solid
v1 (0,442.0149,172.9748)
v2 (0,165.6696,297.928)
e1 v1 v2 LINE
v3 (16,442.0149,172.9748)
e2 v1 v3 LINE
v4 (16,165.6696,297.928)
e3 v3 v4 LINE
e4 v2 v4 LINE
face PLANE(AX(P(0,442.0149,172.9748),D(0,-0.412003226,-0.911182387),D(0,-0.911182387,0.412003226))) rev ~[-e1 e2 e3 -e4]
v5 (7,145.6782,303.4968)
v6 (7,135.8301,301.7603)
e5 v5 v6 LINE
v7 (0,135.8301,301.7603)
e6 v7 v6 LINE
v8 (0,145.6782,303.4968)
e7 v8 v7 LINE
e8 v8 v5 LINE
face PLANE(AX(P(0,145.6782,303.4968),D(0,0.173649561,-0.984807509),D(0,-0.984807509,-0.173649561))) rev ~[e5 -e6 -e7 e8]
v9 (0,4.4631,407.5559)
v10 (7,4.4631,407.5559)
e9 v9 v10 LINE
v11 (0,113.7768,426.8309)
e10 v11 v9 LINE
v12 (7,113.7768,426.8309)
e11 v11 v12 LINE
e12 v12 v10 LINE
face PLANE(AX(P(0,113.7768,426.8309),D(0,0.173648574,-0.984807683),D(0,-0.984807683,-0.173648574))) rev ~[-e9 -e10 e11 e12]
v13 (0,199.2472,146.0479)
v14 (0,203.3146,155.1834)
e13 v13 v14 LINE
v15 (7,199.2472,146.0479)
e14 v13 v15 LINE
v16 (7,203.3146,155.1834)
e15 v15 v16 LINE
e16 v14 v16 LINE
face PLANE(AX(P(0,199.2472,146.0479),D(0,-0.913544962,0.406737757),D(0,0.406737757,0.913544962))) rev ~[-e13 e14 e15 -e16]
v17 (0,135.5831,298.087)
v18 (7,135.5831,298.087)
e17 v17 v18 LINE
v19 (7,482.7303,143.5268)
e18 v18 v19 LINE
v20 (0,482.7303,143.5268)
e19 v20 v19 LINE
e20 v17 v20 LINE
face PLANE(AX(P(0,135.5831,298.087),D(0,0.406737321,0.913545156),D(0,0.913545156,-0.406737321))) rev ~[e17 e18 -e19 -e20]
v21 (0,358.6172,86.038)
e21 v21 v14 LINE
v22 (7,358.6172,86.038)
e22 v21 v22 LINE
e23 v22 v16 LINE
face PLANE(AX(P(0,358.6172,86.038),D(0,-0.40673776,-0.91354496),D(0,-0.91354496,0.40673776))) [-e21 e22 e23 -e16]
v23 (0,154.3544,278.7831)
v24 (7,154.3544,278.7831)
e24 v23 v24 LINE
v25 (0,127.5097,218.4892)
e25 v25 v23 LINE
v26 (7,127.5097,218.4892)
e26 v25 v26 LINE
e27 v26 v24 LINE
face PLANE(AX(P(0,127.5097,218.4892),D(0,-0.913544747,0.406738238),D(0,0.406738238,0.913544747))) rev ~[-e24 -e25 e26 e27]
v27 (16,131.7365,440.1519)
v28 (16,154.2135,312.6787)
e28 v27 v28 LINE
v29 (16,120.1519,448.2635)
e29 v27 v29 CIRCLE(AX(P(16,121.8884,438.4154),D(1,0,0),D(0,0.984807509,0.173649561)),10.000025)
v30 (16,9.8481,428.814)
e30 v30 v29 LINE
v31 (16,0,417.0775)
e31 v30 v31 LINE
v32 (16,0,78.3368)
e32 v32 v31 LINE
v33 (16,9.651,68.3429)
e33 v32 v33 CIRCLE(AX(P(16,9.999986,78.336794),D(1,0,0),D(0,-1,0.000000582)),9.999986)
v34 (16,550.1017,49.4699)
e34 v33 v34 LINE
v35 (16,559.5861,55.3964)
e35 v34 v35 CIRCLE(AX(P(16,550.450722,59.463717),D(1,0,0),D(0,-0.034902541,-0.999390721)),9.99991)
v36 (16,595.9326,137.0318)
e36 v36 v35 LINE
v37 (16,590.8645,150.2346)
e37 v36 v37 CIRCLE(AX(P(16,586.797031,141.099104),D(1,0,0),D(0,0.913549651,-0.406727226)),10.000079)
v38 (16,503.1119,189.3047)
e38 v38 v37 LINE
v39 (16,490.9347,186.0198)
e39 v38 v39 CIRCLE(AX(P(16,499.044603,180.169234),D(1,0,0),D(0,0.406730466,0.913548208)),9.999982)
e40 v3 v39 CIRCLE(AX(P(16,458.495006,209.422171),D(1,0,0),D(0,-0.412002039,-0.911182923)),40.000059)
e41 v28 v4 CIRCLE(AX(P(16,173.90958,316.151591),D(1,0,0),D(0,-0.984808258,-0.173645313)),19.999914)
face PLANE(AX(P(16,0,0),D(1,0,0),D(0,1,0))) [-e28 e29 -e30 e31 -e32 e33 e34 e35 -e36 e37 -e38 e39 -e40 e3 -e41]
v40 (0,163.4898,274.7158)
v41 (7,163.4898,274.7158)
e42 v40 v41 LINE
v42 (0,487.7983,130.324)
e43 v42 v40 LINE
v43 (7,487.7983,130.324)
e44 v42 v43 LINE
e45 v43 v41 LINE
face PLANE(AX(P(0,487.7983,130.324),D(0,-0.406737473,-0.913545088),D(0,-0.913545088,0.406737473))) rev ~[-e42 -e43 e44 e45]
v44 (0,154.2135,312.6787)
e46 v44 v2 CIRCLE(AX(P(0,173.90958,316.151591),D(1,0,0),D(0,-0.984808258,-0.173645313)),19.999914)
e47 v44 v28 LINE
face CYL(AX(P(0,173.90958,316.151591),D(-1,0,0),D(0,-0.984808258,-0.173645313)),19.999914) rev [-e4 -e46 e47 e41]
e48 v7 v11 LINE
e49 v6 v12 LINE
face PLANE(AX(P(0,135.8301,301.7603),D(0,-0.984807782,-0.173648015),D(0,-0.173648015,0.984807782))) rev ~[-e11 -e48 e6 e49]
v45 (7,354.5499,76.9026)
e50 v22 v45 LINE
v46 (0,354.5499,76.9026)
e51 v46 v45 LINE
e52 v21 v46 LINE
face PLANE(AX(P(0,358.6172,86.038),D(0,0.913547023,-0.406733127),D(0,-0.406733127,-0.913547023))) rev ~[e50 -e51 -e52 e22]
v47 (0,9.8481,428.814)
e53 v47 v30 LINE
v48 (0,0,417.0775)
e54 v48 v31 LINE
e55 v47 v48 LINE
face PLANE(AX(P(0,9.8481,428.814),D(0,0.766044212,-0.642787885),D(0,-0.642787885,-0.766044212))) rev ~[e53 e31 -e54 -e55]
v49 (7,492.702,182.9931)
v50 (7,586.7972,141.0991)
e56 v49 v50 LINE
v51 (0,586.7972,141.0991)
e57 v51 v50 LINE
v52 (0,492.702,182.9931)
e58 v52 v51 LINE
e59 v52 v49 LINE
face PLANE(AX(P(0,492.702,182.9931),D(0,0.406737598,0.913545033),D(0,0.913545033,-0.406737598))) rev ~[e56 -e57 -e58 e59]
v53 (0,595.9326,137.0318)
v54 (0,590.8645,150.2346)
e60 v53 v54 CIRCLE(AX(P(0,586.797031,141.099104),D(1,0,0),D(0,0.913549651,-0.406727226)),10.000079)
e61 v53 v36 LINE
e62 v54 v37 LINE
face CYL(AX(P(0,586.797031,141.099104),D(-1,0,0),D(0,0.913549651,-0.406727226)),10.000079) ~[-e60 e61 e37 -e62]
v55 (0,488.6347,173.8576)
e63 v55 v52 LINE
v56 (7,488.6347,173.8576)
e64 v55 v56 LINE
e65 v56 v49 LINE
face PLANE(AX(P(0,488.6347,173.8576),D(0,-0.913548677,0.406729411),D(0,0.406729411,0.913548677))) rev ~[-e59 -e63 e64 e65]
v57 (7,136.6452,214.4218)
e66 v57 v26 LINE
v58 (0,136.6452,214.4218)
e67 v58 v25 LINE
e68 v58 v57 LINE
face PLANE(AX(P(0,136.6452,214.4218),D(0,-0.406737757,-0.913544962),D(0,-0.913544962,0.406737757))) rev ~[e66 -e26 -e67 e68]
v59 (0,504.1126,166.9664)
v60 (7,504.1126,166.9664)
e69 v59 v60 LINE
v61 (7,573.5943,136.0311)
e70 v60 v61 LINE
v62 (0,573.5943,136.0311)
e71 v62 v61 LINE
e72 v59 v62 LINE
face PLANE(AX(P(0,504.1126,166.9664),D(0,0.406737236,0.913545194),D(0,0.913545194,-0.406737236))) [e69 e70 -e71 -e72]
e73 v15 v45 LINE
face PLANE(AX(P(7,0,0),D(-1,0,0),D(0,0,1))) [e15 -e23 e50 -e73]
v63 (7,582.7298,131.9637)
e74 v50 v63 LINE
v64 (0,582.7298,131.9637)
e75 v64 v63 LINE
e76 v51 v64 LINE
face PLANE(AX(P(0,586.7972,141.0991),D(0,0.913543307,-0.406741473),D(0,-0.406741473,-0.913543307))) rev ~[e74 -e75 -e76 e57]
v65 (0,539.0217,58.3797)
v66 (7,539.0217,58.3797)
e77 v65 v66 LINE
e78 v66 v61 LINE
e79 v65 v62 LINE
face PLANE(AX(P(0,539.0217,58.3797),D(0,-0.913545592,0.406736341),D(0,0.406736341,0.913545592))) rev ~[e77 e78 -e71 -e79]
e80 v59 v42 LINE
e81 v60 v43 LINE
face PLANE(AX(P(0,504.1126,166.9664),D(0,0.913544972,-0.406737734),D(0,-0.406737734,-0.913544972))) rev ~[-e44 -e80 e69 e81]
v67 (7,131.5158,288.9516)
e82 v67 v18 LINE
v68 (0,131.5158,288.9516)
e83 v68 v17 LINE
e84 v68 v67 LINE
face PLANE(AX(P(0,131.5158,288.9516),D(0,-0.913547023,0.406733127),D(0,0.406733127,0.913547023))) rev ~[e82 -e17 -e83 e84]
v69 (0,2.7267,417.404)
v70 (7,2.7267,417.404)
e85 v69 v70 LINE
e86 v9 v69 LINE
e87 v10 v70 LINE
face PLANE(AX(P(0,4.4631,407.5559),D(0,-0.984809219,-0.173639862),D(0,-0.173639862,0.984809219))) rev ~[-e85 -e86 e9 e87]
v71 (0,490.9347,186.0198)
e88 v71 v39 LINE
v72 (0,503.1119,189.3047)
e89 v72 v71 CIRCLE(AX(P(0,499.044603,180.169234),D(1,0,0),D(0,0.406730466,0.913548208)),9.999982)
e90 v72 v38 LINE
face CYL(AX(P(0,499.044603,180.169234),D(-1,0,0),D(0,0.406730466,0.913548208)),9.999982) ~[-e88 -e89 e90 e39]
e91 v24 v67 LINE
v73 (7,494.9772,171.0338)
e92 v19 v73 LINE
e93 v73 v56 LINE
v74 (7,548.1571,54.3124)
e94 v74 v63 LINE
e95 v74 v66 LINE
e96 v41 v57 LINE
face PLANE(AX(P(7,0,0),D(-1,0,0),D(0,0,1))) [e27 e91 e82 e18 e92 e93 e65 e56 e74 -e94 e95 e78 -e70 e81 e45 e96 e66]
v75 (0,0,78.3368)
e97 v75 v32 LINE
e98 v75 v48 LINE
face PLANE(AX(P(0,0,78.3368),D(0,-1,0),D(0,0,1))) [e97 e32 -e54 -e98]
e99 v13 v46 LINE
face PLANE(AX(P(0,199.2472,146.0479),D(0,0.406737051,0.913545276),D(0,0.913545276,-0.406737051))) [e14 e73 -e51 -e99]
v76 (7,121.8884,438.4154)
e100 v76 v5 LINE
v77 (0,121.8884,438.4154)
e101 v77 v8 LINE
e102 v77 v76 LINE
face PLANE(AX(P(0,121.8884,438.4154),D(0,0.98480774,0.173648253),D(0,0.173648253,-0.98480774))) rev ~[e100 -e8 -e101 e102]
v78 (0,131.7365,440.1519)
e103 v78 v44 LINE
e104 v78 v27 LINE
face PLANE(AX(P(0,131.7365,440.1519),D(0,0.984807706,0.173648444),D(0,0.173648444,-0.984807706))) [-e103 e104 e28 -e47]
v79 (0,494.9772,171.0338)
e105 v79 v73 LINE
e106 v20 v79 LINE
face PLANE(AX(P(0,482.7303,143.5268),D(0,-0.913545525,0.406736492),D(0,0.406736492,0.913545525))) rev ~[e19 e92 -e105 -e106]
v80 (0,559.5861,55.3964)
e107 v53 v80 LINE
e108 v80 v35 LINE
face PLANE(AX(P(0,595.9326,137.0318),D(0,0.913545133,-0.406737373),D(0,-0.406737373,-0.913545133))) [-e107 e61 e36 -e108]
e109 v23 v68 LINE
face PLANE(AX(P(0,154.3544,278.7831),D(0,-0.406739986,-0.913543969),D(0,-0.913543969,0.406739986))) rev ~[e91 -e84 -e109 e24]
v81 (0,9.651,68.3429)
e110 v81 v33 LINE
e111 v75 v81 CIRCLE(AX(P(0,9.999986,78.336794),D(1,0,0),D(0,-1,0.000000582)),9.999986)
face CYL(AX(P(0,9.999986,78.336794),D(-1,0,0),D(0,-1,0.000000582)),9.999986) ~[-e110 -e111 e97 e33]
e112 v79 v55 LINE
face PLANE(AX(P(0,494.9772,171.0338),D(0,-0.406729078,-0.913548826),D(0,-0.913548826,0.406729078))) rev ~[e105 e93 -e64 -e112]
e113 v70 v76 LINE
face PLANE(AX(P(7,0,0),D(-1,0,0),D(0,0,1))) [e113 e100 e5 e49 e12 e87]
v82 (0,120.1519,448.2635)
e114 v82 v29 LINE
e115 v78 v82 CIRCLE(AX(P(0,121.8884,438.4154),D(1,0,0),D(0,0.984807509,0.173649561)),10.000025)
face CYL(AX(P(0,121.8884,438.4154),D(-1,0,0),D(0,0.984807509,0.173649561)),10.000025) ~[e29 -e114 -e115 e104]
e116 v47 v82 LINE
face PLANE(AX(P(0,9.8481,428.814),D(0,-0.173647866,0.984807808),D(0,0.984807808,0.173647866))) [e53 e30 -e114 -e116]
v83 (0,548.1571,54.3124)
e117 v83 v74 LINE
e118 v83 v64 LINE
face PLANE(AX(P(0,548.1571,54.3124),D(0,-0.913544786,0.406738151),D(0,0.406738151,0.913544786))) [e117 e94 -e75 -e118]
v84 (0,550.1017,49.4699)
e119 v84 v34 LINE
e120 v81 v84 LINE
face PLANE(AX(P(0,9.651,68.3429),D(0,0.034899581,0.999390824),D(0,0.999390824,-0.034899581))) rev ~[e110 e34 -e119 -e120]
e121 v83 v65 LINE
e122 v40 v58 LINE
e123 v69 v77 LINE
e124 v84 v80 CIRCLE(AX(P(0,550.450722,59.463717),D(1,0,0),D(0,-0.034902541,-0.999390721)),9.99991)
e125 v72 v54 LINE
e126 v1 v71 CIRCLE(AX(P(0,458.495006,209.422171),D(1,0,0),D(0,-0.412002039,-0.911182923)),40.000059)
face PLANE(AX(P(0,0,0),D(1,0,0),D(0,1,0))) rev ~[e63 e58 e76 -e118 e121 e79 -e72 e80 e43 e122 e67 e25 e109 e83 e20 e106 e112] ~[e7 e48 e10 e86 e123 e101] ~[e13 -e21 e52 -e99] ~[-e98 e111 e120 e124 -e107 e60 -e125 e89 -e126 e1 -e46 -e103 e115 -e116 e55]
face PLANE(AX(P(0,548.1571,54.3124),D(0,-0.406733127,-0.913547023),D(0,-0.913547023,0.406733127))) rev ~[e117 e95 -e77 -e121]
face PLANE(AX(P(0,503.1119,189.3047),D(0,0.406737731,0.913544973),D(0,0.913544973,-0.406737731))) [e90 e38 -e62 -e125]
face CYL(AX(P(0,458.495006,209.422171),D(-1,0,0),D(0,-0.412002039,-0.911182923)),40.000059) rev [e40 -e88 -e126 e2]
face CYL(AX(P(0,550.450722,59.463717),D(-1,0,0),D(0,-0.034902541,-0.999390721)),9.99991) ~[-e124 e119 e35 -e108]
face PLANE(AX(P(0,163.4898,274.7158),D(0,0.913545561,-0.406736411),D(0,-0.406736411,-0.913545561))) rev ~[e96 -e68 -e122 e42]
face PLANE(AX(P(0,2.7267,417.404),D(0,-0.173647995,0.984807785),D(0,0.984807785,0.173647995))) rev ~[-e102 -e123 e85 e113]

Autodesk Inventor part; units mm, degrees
ref_plane "YZ Plane" through (0, 0, 0) normal (1, 0, 0) x (0, 1, 0)
ref_plane "XZ Plane" through (0, 0, 0) normal (0, 1, 0) x (-1, 0, 0)
ref_plane "XY Plane" through (0, 0, 0) normal (0, 0, 1) x (1, 0, 0)
sketch "Sketch1" plane through (0, 0, 0) normal (1, 0, 0) x (0, 1, 0)
  line L0 (9.8481, 428.814) -> (120.1519, 448.2635)
  line L1 (131.7365, 440.1519) -> (154.2135, 312.6787)
  line L2 (0, 78.3368) -> (0, 427.0775)
  line L3 (0, 417.0775) -> (0, 78.3368)
  line L4 (503.1119, 189.3047) -> (590.8645, 150.2346)
  line L5 (595.9326, 137.0318) -> (559.5861, 55.3964)
  line L6 (494.9423, 192.942) -> (494.9423, 192.942)
  line L7 (442.0149, 172.9748) -> (165.6696, 297.928)
  arc A0 (442.0149, 172.9748) -> (490.9347, 186.0198) centre (458.495, 209.4221) ccw
  arc A1 (154.2135, 312.6787) -> (165.6696, 297.928) centre (173.9096, 316.1516) ccw
  arc A2 (131.7365, 440.1519) -> (120.1519, 448.2635) centre (121.8884, 438.4154) ccw
  line L8 (9.8481, 428.814) -> (0, 417.0775)
  arc A3 (595.9326, 137.0318) -> (590.8645, 150.2346) centre (586.7972, 141.0991) ccw
  arc A4 (503.1119, 189.3047) -> (490.9347, 186.0198) centre (499.0446, 180.1692) ccw
  line L9 (9.651, 68.3429) -> (550.1017, 49.4699)
  arc A5 (550.1017, 49.4699) -> (559.5861, 55.3964) centre (550.4507, 59.4638) ccw
  arc A6 (0, 78.3368) -> (9.651, 68.3429) centre (10, 78.3368) ccw
  point P0 (0, 0)
  point P1 (0, 0)
  point P2 (130, 450)
  point P3 (156.0472, 302.2788)
  point P4 (0, 0)
  point P5 (534.922, 0)
  point P6 (600, 146.1672)
  point P7 (478.4622, 156.4947)
  point P8 (0, 427.0775)
  point P9 (537.6655, 6.1619)
  point P10 (0, 417.0775)
  dimension "d0" = 130
  dimension "d1" = 404.922
  dimension "d3" = 150
  dimension "d5" = 115
  dimension "d7" = 10
  dimension "d9" = 40
  dimension "d10" = 40
  dimension "d11" = 20
  dimension "d12" = 10
  dimension "d13" = 10
  dimension "d14" = 10
  dimension "d21" = 10
extrude "Extrusion1" add sketch "Sketch1" along normal blind 16
sketch "Sketch2" plane through (0, 0, 0) normal (-1, 0, 0) x (0, 0, 1)
  point P0 (0, 0)
sketch "Sketch3" plane through (0, 0, 0) normal (-1, 0, 0) x (0, 0, 1)
  line L0 (171.0338, 494.9772) -> (173.8576, 488.6347) projected
  line L1 (166.9664, 504.1126) -> (130.324, 487.7983) projected
  line L2 (130.324, 487.7983) -> (274.7158, 163.4898) projected
  line L3 (274.7158, 163.4898) -> (214.4218, 136.6452) projected
  line L4 (214.4218, 136.6452) -> (218.4892, 127.5097) projected
  line L5 (218.4892, 127.5097) -> (278.7831, 154.3544) projected
  line L6 (278.7831, 154.3544) -> (288.9516, 131.5158) projected
  line L7 (288.9516, 131.5158) -> (298.087, 135.5831) projected
  line L8 (298.087, 135.5831) -> (143.5268, 482.7303) projected
  line L9 (143.5268, 482.7303) -> (171.0338, 494.9772) projected
  line L10 (173.8576, 488.6347) -> (182.9931, 492.702) projected
  line L11 (182.9931, 492.702) -> (141.0991, 586.7972) projected
  line L12 (141.0991, 586.7972) -> (131.9637, 582.7298) projected
  line L13 (301.7603, 135.8301) -> (426.8309, 113.7768) projected
  line L14 (426.8309, 113.7768) -> (407.5559, 4.4631) projected
  line L15 (407.5559, 4.4631) -> (417.404, 2.7267) projected
  line L16 (417.404, 2.7267) -> (438.4154, 121.8884) projected
  line L17 (438.4154, 121.8884) -> (303.4968, 145.6782) projected
  line L18 (303.4968, 145.6782) -> (301.7603, 135.8301) projected
  line L19 (428.814, 9.8481) -> (417.0775, 0) projected
  line L20 (417.0775, 0) -> (78.3368, 0) projected
  line L21 (55.3964, 559.5861) -> (137.0318, 595.9326) projected
  arc A0 (150.2346, 590.8645) -> (137.0318, 595.9326) centre (141.0991, 586.7972) ccw projected
  line L22 (150.2346, 590.8645) -> (189.3047, 503.1119) projected
  arc A1 (186.0198, 490.9347) -> (189.3047, 503.1119) centre (180.1692, 499.0446) ccw projected
  arc A2 (186.0198, 490.9347) -> (172.9748, 442.0149) centre (209.4221, 458.495) ccw projected
  line L23 (172.9748, 442.0149) -> (297.928, 165.6696) projected
  arc A3 (297.928, 165.6696) -> (312.6787, 154.2135) centre (316.1516, 173.9096) ccw projected
  line L24 (312.6787, 154.2135) -> (440.1519, 131.7365) projected
  arc A4 (448.2635, 120.1519) -> (440.1519, 131.7365) centre (438.4154, 121.8884) ccw projected
  line L25 (448.2635, 120.1519) -> (428.814, 9.8481) projected
  line L26 (171.0338, 494.9772) -> (173.8576, 488.6347) projected
  line L27 (166.9664, 504.1126) -> (130.324, 487.7983) projected
  line L28 (130.324, 487.7983) -> (274.7158, 163.4898) projected
  line L29 (274.7158, 163.4898) -> (214.4218, 136.6452) projected
  line L30 (214.4218, 136.6452) -> (218.4892, 127.5097) projected
  line L31 (218.4892, 127.5097) -> (278.7831, 154.3544) projected
  line L32 (278.7831, 154.3544) -> (288.9516, 131.5158) projected
  line L33 (288.9516, 131.5158) -> (298.087, 135.5831) projected
  line L34 (298.087, 135.5831) -> (143.5268, 482.7303) projected
  line L35 (143.5268, 482.7303) -> (171.0338, 494.9772) projected
  line L36 (173.8576, 488.6347) -> (182.9931, 492.702) projected
  line L37 (182.9931, 492.702) -> (141.0991, 586.7972) projected
  line L38 (141.0991, 586.7972) -> (131.9637, 582.7298) projected
  line L39 (301.7603, 135.8301) -> (426.8309, 113.7768) projected
  line L40 (426.8309, 113.7768) -> (407.5559, 4.4631) projected
  line L41 (407.5559, 4.4631) -> (417.404, 2.7267) projected
  line L42 (417.404, 2.7267) -> (438.4154, 121.8884) projected
  line L43 (438.4154, 121.8884) -> (303.4968, 145.6782) projected
  line L44 (303.4968, 145.6782) -> (301.7603, 135.8301) projected
  line L45 (428.814, 9.8481) -> (417.0775, 0) projected
  line L46 (417.0775, 0) -> (78.3368, 0) projected
  line L47 (55.3964, 559.5861) -> (137.0318, 595.9326) projected
  arc A5 (150.2346, 590.8645) -> (137.0318, 595.9326) centre (141.0991, 586.7972) ccw projected
  line L48 (150.2346, 590.8645) -> (189.3047, 503.1119) projected
  arc A6 (186.0198, 490.9347) -> (189.3047, 503.1119) centre (180.1692, 499.0446) ccw projected
  arc A7 (186.0198, 490.9347) -> (172.9748, 442.0149) centre (209.4221, 458.495) ccw projected
  line L49 (172.9748, 442.0149) -> (297.928, 165.6696) projected
  arc A8 (297.928, 165.6696) -> (312.6787, 154.2135) centre (316.1516, 173.9096) ccw projected
  line L50 (312.6787, 154.2135) -> (440.1519, 131.7365) projected
  arc A9 (448.2635, 120.1519) -> (440.1519, 131.7365) centre (438.4154, 121.8884) ccw projected
  line L51 (448.2635, 120.1519) -> (428.814, 9.8481) projected
  line L52 (417.404, 2.7267) -> (438.4154, 121.8884) projected
  line L53 (58.3797, 539.0217) -> (136.0311, 573.5943)
  line L54 (54.3124, 548.1571) -> (141.0991, 586.7972)
  line L55 (136.0311, 573.5943) -> (131.9637, 582.7298)
  line L56 (141.0991, 586.7972) -> (182.9931, 492.702)
  line L57 (182.9931, 492.702) -> (173.8576, 488.6347)
  line L58 (166.9664, 504.1126) -> (136.0311, 573.5943)
  line L59 (166.9664, 504.1126) -> (130.324, 487.7983)
  line L60 (130.324, 487.7983) -> (274.7158, 163.4898)
  line L61 (274.7158, 163.4898) -> (214.4218, 136.6452)
  line L62 (214.4218, 136.6452) -> (218.4892, 127.5097)
  line L63 (218.4892, 127.5097) -> (278.7831, 154.3544)
  line L64 (278.7831, 154.3544) -> (288.9516, 131.5158)
  line L65 (288.9516, 131.5158) -> (298.087, 135.5831)
  line L66 (298.087, 135.5831) -> (143.5268, 482.7303)
  line L67 (143.5268, 482.7303) -> (171.0338, 494.9772)
  line L68 (171.0338, 494.9772) -> (173.8576, 488.6347)
  line L69 (303.4968, 145.6782) -> (301.7603, 135.8301)
  line L70 (301.7603, 135.8301) -> (426.8309, 113.7768)
  line L71 (426.8309, 113.7768) -> (407.5559, 4.4631)
  line L72 (407.5559, 4.4631) -> (417.404, 2.7267)
  line L73 (417.404, 2.7267) -> (438.4154, 121.8884)
  line L74 (438.4154, 121.8884) -> (303.4968, 145.6782)
  line L75 (131.9637, 582.7298) -> (54.3123, 548.1572) projected
  line L76 (54.3123, 548.1572) -> (58.3797, 539.0217) projected
  line L77 (58.3797, 539.0217) -> (136.0311, 573.5943) projected
  line L78 (136.0311, 573.5943) -> (166.9664, 504.1126) projected
  line L79 (68.3429, 9.651) -> (49.4699, 550.1017) projected
  arc A10 (55.3964, 559.5861) -> (49.4699, 550.1017) centre (59.4638, 550.4507) ccw projected
  arc A11 (68.3429, 9.651) -> (78.3368, 0) centre (78.3368, 10) ccw projected
  line L80 (131.9637, 582.7298) -> (54.3123, 548.1572) projected
  line L81 (54.3123, 548.1572) -> (58.3797, 539.0217) projected
  line L82 (58.3797, 539.0217) -> (136.0311, 573.5943) projected
  line L83 (136.0311, 573.5943) -> (166.9664, 504.1126) projected
  line L84 (68.3429, 9.651) -> (49.4699, 550.1017) projected
  arc A12 (55.3964, 559.5861) -> (49.4699, 550.1017) centre (59.4638, 550.4507) ccw projected
  arc A13 (68.3429, 9.651) -> (78.3368, 0) centre (78.3368, 10) ccw projected
  line L85 (54.3123, 548.1572) -> (58.3797, 539.0217)
  line L86 (146.0479, 199.2472) -> (155.1834, 203.3146) projected
  line L87 (86.038, 358.6172) -> (76.9026, 354.5499) projected
  line L88 (146.0479, 199.2472) -> (155.1834, 203.3146) projected
  line L89 (86.038, 358.6172) -> (76.9026, 354.5499) projected
  line L90 (86.038, 358.6172) -> (155.1834, 203.3146)
  line L91 (146.0479, 199.2472) -> (155.1834, 203.3146)
  line L92 (146.0479, 199.2472) -> (76.9026, 354.5499)
  line L93 (76.9026, 354.5499) -> (86.038, 358.6172)
  line L94 (76.9026, 354.5499) -> (146.0479, 199.2472) projected
  line L95 (155.1834, 203.3146) -> (86.038, 358.6172) projected
  line L96 (76.9026, 354.5499) -> (146.0479, 199.2472) projected
  line L97 (155.1834, 203.3146) -> (86.038, 358.6172) projected
  point P0 (0, 0)
  point P1 (131.9642, 582.73)
extrude "Extrusion2" cut sketch "Sketch3" against normal blind 7 contours L9 L8 L7 L6 L5 L4 L3 L2 L1 L58 L55 L12 L11 L10 L0 | L55 L53 L76 L54 | L18 L17 L16 L15 L14 L13 | L92 L87 L90 L86
equation "\"d14\" = d13"
properties part number "Arcade_Right"
